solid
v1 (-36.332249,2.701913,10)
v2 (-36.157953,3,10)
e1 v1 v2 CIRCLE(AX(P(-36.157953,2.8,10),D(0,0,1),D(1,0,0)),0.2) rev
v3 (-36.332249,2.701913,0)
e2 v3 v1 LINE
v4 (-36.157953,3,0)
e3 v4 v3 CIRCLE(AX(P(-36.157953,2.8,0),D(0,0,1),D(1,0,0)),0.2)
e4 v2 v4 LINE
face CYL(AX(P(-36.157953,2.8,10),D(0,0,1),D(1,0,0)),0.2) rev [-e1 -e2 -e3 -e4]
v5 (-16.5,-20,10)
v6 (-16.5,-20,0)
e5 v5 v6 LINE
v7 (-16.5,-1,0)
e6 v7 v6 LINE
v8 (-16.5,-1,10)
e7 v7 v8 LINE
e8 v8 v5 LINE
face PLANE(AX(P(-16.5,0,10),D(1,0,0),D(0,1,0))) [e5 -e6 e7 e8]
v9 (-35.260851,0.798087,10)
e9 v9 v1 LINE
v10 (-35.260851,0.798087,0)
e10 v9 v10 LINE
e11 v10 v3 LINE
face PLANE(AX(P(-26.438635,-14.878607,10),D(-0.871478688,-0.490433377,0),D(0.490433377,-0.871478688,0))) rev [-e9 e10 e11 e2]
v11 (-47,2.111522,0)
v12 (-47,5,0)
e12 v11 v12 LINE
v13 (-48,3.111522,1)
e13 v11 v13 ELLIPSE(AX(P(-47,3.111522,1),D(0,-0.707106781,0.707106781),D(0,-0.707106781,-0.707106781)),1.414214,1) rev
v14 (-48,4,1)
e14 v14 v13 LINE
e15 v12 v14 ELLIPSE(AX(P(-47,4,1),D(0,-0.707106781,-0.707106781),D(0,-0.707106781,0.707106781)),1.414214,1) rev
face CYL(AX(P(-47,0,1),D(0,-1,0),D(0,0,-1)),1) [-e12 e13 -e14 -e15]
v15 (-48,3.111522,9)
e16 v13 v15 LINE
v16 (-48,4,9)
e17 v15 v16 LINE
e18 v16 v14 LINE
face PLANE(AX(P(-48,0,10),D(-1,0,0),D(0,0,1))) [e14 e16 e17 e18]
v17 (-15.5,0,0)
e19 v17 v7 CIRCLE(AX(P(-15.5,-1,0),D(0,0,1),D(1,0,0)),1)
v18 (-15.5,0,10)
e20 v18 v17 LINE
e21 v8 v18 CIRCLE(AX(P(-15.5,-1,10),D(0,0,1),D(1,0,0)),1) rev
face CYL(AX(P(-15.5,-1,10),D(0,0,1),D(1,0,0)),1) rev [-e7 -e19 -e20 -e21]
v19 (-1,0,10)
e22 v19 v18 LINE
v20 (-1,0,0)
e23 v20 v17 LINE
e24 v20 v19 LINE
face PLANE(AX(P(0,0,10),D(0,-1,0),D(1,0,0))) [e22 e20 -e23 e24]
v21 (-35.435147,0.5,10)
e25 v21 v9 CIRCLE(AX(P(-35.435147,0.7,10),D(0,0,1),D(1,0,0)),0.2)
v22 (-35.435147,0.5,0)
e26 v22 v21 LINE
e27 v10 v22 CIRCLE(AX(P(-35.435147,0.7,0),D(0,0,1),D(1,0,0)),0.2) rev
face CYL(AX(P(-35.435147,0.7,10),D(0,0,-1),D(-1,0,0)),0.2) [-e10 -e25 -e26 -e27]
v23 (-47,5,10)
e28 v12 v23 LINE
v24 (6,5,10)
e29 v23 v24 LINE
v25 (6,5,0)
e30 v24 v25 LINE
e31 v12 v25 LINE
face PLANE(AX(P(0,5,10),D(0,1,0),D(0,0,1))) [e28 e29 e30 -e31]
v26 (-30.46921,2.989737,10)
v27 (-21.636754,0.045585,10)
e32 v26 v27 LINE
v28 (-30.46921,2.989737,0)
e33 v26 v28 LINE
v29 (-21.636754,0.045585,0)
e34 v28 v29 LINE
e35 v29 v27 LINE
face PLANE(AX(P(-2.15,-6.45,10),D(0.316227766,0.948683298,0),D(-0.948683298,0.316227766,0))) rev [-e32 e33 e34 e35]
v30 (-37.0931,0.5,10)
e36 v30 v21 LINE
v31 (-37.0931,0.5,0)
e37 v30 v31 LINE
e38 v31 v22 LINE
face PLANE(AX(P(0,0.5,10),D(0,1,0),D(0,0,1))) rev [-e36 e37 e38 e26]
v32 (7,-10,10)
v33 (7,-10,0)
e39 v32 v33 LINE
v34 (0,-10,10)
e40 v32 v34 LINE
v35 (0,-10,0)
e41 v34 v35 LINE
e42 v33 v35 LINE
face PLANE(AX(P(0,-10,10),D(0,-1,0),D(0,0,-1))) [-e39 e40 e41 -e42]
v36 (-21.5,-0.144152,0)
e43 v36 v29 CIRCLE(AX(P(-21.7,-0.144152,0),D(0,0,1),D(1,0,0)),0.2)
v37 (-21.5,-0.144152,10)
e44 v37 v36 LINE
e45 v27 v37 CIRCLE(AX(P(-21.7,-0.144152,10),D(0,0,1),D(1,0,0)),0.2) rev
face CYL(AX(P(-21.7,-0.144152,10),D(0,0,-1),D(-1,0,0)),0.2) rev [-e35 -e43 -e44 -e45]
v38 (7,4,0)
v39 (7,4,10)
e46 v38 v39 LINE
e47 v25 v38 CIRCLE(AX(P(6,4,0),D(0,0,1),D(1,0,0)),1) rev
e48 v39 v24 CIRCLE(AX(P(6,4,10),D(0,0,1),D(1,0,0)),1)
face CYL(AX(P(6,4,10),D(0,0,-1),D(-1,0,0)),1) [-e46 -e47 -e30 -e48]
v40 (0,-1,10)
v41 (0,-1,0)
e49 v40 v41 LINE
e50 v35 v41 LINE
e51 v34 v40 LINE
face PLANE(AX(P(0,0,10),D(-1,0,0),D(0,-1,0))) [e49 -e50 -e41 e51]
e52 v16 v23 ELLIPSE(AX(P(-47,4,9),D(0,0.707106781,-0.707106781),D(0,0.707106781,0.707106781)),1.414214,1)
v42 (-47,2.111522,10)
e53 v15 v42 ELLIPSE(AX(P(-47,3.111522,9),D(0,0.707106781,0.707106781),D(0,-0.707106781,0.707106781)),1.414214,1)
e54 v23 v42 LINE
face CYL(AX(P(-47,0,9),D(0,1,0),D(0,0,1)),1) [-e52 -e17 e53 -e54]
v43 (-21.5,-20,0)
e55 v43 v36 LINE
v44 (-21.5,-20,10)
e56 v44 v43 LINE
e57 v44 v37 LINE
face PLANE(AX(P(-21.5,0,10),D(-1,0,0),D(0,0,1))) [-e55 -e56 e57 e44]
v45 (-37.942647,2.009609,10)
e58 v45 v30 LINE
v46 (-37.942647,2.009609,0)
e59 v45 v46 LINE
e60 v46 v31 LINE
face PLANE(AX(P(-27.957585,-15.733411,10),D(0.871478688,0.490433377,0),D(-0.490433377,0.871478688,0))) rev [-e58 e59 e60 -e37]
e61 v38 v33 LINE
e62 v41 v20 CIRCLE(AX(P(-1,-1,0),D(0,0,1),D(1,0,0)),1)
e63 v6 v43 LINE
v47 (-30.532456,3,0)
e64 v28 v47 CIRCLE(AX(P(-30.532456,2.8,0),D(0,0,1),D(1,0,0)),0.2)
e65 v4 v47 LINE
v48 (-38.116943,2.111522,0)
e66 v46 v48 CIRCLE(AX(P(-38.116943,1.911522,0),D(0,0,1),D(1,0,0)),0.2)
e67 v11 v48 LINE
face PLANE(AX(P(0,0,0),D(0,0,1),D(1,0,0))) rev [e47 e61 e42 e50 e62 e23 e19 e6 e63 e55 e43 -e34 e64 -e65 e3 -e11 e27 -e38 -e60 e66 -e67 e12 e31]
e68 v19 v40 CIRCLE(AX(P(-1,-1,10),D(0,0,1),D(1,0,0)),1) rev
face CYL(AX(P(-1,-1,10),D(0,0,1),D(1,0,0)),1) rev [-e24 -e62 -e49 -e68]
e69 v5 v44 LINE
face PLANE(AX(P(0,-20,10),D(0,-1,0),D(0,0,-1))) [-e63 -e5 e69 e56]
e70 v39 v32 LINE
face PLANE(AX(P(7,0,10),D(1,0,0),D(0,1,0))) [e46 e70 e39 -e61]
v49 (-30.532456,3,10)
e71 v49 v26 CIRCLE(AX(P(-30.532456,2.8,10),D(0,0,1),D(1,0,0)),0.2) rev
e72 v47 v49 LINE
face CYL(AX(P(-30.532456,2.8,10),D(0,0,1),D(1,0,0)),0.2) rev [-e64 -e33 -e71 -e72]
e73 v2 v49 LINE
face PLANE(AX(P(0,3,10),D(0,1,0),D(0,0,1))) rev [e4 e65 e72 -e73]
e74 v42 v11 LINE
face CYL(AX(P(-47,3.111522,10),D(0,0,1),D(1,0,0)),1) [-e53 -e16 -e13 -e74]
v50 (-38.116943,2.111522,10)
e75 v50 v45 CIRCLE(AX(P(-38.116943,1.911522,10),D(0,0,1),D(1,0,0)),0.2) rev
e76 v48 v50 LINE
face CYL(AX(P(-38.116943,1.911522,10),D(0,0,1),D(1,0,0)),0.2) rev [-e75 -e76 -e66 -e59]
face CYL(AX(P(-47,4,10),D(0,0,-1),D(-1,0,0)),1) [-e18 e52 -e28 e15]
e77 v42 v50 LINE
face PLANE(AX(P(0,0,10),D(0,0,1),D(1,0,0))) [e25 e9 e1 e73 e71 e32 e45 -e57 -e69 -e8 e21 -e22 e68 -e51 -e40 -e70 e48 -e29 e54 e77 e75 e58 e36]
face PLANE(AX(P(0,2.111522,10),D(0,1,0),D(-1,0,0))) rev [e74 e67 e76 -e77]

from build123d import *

# Parameters (mm, degrees)
BOSS_EXTRUDE1_DEPTH = 10
FILLET3_R           = 0.2
FILLET4_R           = 1


with BuildPart() as part:
    # Sketch1 → Boss-Extrude1 (new body)
    with BuildSketch(Plane.XY):
        Polygon((-48, 2.11152184), (-48, 5), (7, 5), (7, -10), (0, -10), (0, 0), (-16.5, 0), (-16.5, -20), (-21.5, -20), (-21.5, 0), (-30.5, 3), (-36.5, 3), (-35.093099913, 0.5), (-37.093099913, 0.5), (-38, 2.11152184), align=None)
    extrude(amount=BOSS_EXTRUDE1_DEPTH)

    # Fillet3
    fillet3_edges = [part.edges().sort_by_distance(p)[0] for p in [
        (-36.5, 3, 5),
        (-35.093099913, 0.5, 5),
        (-38, 2.11152184, 5),
        (-21.5, 0, 5),
        (-30.5, 3, 5),
    ]]
    fillet(fillet3_edges, radius=FILLET3_R)

    # Fillet4
    fillet4_edges = [part.edges().sort_by_distance(p)[0] for p in [
        (-48, 3.55576092, 0),
        (-48, 2.11152184, 5),
        (-48, 5, 5),
        (7, 5, 5),
        (0, 0, 5),
        (-16.5, 0, 5),
        (-48, 3.55576092, 10),
    ]]
    fillet(fillet4_edges, radius=FILLET4_R)


solid = part.part
